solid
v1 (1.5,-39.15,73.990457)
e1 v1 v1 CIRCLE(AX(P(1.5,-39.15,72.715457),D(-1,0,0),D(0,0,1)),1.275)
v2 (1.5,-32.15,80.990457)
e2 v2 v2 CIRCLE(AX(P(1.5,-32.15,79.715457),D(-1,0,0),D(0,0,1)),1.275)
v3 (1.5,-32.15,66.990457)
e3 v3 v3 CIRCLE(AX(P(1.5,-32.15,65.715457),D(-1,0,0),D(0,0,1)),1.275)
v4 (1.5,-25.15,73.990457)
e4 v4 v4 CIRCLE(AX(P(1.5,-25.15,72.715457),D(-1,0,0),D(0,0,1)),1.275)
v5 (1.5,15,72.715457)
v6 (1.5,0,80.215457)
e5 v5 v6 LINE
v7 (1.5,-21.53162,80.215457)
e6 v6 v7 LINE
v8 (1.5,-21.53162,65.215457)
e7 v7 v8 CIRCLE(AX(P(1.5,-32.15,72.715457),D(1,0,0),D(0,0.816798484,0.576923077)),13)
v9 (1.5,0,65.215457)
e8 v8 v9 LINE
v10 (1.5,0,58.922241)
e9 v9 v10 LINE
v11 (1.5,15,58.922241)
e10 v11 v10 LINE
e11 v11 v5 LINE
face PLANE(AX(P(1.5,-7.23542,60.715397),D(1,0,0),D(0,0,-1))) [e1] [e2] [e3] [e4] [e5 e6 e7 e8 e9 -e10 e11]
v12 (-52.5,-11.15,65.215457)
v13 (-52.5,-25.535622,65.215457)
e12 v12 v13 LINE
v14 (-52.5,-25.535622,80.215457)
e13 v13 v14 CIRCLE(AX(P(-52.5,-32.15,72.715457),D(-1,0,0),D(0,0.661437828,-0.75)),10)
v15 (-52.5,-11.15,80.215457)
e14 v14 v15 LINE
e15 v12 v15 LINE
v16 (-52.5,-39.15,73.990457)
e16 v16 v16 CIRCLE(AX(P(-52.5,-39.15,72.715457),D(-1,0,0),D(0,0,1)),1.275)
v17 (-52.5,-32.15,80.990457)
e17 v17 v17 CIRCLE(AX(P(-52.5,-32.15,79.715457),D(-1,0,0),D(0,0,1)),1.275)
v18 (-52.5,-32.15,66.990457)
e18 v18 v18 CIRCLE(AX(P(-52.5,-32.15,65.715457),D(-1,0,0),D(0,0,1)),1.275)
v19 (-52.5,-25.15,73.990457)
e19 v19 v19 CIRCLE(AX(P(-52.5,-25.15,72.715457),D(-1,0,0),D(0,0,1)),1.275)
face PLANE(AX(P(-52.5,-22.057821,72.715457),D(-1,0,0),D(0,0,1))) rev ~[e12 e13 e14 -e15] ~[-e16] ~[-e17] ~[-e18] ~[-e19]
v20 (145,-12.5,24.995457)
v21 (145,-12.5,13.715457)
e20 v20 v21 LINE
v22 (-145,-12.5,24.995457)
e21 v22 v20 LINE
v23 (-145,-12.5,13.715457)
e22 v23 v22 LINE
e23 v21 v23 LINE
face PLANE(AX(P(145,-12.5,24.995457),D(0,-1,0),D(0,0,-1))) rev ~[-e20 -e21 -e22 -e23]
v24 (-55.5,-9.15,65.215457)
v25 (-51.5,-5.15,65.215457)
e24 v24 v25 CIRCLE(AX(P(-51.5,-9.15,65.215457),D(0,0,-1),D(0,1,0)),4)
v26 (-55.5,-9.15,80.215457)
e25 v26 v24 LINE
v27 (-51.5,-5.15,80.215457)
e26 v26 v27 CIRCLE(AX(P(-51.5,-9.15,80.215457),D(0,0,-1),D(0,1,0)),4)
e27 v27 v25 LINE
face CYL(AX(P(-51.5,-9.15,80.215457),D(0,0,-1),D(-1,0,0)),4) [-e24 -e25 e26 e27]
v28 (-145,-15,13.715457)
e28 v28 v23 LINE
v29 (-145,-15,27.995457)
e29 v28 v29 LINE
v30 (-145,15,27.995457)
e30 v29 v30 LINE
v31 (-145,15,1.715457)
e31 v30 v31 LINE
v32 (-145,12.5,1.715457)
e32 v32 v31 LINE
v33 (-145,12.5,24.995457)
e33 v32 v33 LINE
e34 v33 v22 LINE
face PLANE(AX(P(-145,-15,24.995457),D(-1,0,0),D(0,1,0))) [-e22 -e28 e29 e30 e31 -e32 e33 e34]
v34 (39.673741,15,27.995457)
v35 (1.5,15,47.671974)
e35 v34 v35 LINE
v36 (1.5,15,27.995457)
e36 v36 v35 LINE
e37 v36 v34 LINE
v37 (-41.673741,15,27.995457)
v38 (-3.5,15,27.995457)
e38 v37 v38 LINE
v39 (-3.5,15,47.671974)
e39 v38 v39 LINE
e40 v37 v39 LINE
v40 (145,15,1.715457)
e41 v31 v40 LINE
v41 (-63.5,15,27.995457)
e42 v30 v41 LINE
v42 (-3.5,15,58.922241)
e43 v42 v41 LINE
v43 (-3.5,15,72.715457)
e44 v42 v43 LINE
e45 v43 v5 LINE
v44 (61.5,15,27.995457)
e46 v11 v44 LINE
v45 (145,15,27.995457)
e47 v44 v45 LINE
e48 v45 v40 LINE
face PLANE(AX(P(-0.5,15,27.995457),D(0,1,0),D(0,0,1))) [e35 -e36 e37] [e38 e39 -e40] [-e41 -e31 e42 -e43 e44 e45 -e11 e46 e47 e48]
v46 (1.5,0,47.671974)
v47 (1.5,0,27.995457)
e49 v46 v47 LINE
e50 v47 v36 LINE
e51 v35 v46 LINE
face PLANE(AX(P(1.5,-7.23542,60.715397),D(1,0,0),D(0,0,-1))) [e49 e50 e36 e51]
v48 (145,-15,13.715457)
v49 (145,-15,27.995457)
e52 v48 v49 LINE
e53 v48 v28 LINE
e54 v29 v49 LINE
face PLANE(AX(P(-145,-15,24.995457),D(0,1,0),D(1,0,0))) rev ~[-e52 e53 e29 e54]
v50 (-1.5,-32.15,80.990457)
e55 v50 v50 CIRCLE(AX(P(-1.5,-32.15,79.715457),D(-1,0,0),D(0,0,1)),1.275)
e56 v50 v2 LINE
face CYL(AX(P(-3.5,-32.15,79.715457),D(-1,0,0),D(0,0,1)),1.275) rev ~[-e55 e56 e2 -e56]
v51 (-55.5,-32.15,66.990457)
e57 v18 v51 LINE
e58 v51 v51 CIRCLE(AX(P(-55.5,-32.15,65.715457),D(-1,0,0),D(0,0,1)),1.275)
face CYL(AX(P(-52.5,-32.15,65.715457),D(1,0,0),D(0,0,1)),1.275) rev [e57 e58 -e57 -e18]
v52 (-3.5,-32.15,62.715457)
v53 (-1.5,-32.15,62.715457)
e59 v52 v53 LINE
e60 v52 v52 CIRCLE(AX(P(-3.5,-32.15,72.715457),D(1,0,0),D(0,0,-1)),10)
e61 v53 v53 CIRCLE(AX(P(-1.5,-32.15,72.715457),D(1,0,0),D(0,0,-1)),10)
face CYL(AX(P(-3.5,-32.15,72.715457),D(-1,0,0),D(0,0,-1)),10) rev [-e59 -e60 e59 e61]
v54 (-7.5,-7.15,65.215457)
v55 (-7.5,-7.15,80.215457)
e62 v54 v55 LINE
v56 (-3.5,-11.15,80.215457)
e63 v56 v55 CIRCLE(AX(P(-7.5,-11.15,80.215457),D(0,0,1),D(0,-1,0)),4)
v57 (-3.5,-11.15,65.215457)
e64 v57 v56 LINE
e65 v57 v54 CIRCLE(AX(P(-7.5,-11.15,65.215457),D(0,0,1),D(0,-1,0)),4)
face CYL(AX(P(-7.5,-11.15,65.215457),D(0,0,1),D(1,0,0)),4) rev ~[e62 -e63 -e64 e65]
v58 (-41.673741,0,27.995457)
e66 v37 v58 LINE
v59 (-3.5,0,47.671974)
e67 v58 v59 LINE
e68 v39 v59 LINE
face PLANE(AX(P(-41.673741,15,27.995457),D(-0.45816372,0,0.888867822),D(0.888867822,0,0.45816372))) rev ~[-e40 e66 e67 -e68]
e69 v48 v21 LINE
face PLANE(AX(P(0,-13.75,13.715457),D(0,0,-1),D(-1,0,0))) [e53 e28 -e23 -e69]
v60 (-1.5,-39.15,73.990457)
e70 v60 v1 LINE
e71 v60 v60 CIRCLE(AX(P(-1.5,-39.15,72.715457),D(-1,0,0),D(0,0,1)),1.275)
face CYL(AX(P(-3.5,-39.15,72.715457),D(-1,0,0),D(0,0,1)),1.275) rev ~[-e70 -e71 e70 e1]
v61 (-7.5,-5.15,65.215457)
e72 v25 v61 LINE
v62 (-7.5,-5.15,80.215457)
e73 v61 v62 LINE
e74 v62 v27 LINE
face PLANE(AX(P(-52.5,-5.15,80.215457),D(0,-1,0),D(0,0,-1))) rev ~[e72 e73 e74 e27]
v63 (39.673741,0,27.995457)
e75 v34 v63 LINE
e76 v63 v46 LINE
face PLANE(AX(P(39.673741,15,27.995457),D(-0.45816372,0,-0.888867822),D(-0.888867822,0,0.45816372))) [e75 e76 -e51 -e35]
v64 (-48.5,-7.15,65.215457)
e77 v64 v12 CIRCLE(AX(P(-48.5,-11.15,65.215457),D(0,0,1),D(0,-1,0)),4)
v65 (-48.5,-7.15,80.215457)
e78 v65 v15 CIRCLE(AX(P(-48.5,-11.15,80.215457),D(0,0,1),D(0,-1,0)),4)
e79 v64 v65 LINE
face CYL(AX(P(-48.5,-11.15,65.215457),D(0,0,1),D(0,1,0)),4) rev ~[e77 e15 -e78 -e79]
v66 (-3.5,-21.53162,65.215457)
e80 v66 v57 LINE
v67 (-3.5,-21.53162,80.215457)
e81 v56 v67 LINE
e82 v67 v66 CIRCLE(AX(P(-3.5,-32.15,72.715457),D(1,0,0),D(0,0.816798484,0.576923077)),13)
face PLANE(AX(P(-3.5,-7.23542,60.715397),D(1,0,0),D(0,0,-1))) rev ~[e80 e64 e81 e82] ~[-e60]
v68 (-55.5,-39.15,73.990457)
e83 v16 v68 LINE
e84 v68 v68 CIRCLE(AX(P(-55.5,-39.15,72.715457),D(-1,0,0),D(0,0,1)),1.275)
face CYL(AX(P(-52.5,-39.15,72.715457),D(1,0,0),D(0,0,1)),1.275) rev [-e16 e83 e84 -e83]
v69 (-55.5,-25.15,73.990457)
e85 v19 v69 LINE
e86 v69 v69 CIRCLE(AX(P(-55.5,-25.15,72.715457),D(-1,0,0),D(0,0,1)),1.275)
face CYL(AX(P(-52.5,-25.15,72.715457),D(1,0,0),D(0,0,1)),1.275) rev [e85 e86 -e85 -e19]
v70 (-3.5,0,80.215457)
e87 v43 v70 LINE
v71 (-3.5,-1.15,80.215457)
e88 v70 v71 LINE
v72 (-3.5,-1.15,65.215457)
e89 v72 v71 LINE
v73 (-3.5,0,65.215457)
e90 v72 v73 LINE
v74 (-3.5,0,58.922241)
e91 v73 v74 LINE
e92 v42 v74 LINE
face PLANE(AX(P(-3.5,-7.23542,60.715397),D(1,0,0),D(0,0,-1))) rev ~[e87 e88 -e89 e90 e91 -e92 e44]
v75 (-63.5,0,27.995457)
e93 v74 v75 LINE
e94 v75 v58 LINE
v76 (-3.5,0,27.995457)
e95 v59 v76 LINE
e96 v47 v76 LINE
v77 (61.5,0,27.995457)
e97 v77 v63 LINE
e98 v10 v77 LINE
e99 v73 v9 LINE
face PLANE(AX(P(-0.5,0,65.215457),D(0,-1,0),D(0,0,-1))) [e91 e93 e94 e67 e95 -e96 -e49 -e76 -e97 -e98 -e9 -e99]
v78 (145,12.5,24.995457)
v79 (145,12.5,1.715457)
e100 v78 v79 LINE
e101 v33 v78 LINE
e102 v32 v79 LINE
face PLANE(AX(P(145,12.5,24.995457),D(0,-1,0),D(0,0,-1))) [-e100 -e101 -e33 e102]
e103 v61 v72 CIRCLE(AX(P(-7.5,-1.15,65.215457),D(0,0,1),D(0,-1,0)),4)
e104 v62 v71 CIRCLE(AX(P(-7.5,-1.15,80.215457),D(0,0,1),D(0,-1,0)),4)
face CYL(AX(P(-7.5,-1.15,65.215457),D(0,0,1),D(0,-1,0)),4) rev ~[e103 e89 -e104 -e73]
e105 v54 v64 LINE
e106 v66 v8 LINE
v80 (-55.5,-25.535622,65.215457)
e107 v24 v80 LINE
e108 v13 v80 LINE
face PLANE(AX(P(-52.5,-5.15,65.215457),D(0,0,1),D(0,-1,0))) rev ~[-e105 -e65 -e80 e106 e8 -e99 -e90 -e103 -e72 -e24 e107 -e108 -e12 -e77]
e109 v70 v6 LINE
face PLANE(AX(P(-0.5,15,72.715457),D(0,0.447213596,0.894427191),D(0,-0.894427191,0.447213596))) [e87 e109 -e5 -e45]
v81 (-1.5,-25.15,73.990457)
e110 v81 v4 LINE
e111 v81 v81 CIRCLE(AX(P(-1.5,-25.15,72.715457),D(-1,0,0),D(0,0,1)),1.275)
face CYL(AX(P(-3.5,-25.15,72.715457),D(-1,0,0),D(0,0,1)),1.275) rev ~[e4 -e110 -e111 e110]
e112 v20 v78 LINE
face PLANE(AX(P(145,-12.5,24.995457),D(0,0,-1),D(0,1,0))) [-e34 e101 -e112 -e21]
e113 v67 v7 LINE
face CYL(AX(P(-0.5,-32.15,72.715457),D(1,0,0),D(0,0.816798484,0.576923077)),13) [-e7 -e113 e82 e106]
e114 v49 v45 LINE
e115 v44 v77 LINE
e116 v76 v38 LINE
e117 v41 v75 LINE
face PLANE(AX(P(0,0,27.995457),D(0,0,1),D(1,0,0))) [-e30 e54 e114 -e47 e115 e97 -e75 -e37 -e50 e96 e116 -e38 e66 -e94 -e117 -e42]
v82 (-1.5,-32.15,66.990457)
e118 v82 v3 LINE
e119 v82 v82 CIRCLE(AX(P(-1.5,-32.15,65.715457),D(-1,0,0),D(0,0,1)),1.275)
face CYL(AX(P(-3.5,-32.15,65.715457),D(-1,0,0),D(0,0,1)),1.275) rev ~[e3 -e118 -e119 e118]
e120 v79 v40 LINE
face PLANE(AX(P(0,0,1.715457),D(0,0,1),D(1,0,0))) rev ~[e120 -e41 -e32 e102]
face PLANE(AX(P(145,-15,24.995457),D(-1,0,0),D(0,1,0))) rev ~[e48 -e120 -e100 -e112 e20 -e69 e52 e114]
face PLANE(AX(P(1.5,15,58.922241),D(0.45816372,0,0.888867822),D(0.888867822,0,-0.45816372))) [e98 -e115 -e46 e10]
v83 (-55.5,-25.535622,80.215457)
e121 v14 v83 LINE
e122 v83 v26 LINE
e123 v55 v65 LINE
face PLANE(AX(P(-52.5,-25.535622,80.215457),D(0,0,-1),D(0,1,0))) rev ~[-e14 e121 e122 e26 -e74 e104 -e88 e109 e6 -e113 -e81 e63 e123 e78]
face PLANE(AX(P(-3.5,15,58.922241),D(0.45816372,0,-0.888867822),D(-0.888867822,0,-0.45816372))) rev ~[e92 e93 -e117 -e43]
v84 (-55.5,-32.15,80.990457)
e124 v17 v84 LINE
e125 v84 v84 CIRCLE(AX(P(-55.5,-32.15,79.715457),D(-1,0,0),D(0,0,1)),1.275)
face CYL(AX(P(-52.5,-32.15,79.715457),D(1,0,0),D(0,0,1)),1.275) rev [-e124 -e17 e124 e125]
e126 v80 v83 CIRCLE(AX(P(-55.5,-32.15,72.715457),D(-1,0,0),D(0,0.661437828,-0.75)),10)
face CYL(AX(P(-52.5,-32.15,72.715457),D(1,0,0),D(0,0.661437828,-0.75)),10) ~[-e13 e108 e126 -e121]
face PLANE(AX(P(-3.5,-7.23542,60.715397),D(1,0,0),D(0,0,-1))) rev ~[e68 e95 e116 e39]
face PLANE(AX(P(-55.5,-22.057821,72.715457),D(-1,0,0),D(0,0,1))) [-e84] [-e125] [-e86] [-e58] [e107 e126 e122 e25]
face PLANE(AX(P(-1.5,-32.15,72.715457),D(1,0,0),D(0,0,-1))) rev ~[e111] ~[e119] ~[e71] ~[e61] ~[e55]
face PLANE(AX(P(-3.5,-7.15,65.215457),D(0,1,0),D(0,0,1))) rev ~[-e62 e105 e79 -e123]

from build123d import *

# Parameters (mm, degrees)
SKETCH2_W                = 290
SKETCH2_H                = 30
SKETCH2_W_2              = 280
SKETCH2_H_2              = 25
BOSS_EXTRUDE1_DEPTH      = 23.28
SKETCH3_W                = 290
SKETCH3_H                = 30
BOSS_EXTRUDE2_DEPTH      = 3
SKETCH4_W                = 23.28
SKETCH4_H                = 25
CUT_EXTRUDE1_DEPTH       = 1
CUT_EXTRUDE1_DEPTH_BACK  = 291
BOSS_EXTRUDE3_DEPTH      = 2
BOSS_EXTRUDE3_DEPTH_BACK = 3
SKETCH6_R                = 10
CUT_EXTRUDE2_DEPTH       = 2
SKETCH7_R                = 1.275
CUT_EXTRUDE3_DEPTH       = 10
SKETCH8_W                = 290
SKETCH8_H                = 2.5
CUT_EXTRUDE4_DEPTH       = 12
BOSS_EXTRUDE4_DEPTH      = 15
ESQUISSE1_W              = 15
ESQUISSE1_H              = 2
BOSS_EXTRU_1_DEPTH       = 49
ESQUISSE2_R              = 1.275
BOSS_EXTRU_2_DEPTH       = 3
CONG_1_R                 = 4


with BuildPart() as part:
    # Sketch2 → Boss-Extrude1 (new body)
    with BuildSketch(Plane.XY.offset(1.715456747)):
        Rectangle(SKETCH2_W, SKETCH2_H)
        Rectangle(SKETCH2_W_2, SKETCH2_H_2, mode=Mode.SUBTRACT)
    extrude(amount=BOSS_EXTRUDE1_DEPTH)

    # Sketch3 → Boss-Extrude2 (add)
    with BuildSketch(Plane.XY.offset(24.995456747)):
        Rectangle(SKETCH3_W, SKETCH3_H)
    extrude(amount=BOSS_EXTRUDE2_DEPTH)

    # Sketch4 → Cut-Extrude1 (cut, two sides)
    with BuildSketch(Plane(origin=(145, 0, 0), x_dir=(0, 0, -1), z_dir=(1, 0, 0))) as cut_extrude1_sk:
        with Locations((-13.355456747, 0)):
            Rectangle(SKETCH4_W, SKETCH4_H)
    extrude(amount=CUT_EXTRUDE1_DEPTH, mode=Mode.SUBTRACT)
    extrude(cut_extrude1_sk.sketch, amount=-CUT_EXTRUDE1_DEPTH_BACK, mode=Mode.SUBTRACT)

    # Sketch5 → Boss-Extrude3 (add, two sides)
    with BuildSketch(Plane(origin=(-0.5, 0, 0), x_dir=(0, 0, -1), z_dir=(1, 0, 0))) as boss_extrude3_sk:
        with BuildLine():
            Line((-27.995456747, 0), (-27.995456747, 15))
            Line((-27.995456747, 15), (-72.715456747, 15))
            Line((-72.715456747, 15), (-80.215456747, 0))
            Line((-80.215456747, 0), (-80.215456747, -21.531619709))
            ThreePointArc((-80.215456747, -21.531619709), (-72.715456747, -45.15), (-65.215456747, -21.531619709))
            Line((-65.215456747, -21.531619709), (-65.215456747, 0))
            Line((-65.215456747, 0), (-27.995456747, 0))
        make_face()
    extrude(amount=BOSS_EXTRUDE3_DEPTH)
    extrude(boss_extrude3_sk.sketch, amount=-BOSS_EXTRUDE3_DEPTH_BACK)

    # Sketch6 → Cut-Extrude2 (cut)
    with BuildSketch(Plane(origin=(-3.5, 0, 0), x_dir=(0, 0, -1), z_dir=(1, 0, 0))):
        with Locations((-72.715456747, -32.15)):
            Circle(SKETCH6_R)
    extrude(amount=CUT_EXTRUDE2_DEPTH, mode=Mode.SUBTRACT)

    # Sketch7 → Cut-Extrude3 (cut)
    with BuildSketch(Plane.ZY.offset(3.5)):
        with Locations((72.715456747, -25.15)):
            Circle(SKETCH7_R)
        with Locations((79.715456747, -32.15)):
            Circle(SKETCH7_R)
        with Locations((72.715456747, -39.15)):
            Circle(SKETCH7_R)
        with Locations((65.715456747, -32.15)):
            Circle(SKETCH7_R)
    extrude(amount=-CUT_EXTRUDE3_DEPTH, mode=Mode.SUBTRACT)

    # Sketch8 → Cut-Extrude4 (cut)
    with BuildSketch(Plane(origin=(0, 0, 1.715456747), x_dir=(-1, 0, 0), z_dir=(0, 0, -1))):
        with Locations((0, -13.75)):
            Rectangle(SKETCH8_W, SKETCH8_H)
    extrude(amount=-CUT_EXTRUDE4_DEPTH, mode=Mode.SUBTRACT)

    # Sketch9 → Boss-Extrude4 (add)
    with BuildSketch(Plane(origin=(0, 15, 0), x_dir=(1, 0, 0), z_dir=(0, 1, 0))):
        Polygon((-3.5, -58.92224084), (-63.5, -27.995456747), (-41.673741056, -27.995456747), (-3.5, -47.671974209), align=None)
        Polygon((61.5, -27.995456747), (39.673741056, -27.995456747), (1.5, -47.671974209), (1.5, -58.92224084), align=None)
    extrude(amount=-BOSS_EXTRUDE4_DEPTH)

    # Esquisse1 → Boss.-Extru.1 (add)
    with BuildSketch(Plane.ZY.offset(3.5)):
        with Locations((72.715456747, -6.15)):
            Rectangle(ESQUISSE1_W, ESQUISSE1_H)
    extrude(amount=BOSS_EXTRU_1_DEPTH)

    # Esquisse2 → Boss.-Extru.2 (add)
    with BuildSketch(Plane.ZY.offset(52.5)):
        with BuildLine():
            Line((65.215456747, -21.531619709), (65.215456747, -25.535621722))
            ThreePointArc((65.215456747, -25.535621722), (72.715456747, -42.15), (80.215456747, -25.535621722))
            Line((80.215456747, -25.535621722), (80.215456747, -21.531619709))
            Line((80.215456747, -21.531619709), (80.215456747, -7.15))
            Line((80.215456747, -7.15), (80.215456747, -5.15))
            Line((80.215456747, -5.15), (65.215456747, -5.15))
            Line((65.215456747, -5.15), (65.215456747, -7.15))
            Line((65.215456747, -7.15), (65.215456747, -12.828367585))
            Line((65.215456747, -12.828367585), (65.215456747, -21.531619709))
        make_face()
        with Locations((72.715456747, -39.15)):
            Circle(ESQUISSE2_R, mode=Mode.SUBTRACT)
        with Locations((79.715456747, -32.15)):
            Circle(ESQUISSE2_R, mode=Mode.SUBTRACT)
        with Locations((72.715456747, -25.15)):
            Circle(ESQUISSE2_R, mode=Mode.SUBTRACT)
        with Locations((65.715456747, -32.15)):
            Circle(ESQUISSE2_R, mode=Mode.SUBTRACT)
    extrude(amount=BOSS_EXTRU_2_DEPTH)

    # Congé1
    cong_1_edges = [part.edges().sort_by_distance(p)[0] for p in [
        (-3.5, -7.15, 72.715456747),
        (-3.5, -5.15, 72.715456747),
        (-52.5, -7.15, 72.715456747),
        (-55.5, -5.15, 72.715456747),
    ]]
    fillet(cong_1_edges, radius=CONG_1_R)


solid = part.part
